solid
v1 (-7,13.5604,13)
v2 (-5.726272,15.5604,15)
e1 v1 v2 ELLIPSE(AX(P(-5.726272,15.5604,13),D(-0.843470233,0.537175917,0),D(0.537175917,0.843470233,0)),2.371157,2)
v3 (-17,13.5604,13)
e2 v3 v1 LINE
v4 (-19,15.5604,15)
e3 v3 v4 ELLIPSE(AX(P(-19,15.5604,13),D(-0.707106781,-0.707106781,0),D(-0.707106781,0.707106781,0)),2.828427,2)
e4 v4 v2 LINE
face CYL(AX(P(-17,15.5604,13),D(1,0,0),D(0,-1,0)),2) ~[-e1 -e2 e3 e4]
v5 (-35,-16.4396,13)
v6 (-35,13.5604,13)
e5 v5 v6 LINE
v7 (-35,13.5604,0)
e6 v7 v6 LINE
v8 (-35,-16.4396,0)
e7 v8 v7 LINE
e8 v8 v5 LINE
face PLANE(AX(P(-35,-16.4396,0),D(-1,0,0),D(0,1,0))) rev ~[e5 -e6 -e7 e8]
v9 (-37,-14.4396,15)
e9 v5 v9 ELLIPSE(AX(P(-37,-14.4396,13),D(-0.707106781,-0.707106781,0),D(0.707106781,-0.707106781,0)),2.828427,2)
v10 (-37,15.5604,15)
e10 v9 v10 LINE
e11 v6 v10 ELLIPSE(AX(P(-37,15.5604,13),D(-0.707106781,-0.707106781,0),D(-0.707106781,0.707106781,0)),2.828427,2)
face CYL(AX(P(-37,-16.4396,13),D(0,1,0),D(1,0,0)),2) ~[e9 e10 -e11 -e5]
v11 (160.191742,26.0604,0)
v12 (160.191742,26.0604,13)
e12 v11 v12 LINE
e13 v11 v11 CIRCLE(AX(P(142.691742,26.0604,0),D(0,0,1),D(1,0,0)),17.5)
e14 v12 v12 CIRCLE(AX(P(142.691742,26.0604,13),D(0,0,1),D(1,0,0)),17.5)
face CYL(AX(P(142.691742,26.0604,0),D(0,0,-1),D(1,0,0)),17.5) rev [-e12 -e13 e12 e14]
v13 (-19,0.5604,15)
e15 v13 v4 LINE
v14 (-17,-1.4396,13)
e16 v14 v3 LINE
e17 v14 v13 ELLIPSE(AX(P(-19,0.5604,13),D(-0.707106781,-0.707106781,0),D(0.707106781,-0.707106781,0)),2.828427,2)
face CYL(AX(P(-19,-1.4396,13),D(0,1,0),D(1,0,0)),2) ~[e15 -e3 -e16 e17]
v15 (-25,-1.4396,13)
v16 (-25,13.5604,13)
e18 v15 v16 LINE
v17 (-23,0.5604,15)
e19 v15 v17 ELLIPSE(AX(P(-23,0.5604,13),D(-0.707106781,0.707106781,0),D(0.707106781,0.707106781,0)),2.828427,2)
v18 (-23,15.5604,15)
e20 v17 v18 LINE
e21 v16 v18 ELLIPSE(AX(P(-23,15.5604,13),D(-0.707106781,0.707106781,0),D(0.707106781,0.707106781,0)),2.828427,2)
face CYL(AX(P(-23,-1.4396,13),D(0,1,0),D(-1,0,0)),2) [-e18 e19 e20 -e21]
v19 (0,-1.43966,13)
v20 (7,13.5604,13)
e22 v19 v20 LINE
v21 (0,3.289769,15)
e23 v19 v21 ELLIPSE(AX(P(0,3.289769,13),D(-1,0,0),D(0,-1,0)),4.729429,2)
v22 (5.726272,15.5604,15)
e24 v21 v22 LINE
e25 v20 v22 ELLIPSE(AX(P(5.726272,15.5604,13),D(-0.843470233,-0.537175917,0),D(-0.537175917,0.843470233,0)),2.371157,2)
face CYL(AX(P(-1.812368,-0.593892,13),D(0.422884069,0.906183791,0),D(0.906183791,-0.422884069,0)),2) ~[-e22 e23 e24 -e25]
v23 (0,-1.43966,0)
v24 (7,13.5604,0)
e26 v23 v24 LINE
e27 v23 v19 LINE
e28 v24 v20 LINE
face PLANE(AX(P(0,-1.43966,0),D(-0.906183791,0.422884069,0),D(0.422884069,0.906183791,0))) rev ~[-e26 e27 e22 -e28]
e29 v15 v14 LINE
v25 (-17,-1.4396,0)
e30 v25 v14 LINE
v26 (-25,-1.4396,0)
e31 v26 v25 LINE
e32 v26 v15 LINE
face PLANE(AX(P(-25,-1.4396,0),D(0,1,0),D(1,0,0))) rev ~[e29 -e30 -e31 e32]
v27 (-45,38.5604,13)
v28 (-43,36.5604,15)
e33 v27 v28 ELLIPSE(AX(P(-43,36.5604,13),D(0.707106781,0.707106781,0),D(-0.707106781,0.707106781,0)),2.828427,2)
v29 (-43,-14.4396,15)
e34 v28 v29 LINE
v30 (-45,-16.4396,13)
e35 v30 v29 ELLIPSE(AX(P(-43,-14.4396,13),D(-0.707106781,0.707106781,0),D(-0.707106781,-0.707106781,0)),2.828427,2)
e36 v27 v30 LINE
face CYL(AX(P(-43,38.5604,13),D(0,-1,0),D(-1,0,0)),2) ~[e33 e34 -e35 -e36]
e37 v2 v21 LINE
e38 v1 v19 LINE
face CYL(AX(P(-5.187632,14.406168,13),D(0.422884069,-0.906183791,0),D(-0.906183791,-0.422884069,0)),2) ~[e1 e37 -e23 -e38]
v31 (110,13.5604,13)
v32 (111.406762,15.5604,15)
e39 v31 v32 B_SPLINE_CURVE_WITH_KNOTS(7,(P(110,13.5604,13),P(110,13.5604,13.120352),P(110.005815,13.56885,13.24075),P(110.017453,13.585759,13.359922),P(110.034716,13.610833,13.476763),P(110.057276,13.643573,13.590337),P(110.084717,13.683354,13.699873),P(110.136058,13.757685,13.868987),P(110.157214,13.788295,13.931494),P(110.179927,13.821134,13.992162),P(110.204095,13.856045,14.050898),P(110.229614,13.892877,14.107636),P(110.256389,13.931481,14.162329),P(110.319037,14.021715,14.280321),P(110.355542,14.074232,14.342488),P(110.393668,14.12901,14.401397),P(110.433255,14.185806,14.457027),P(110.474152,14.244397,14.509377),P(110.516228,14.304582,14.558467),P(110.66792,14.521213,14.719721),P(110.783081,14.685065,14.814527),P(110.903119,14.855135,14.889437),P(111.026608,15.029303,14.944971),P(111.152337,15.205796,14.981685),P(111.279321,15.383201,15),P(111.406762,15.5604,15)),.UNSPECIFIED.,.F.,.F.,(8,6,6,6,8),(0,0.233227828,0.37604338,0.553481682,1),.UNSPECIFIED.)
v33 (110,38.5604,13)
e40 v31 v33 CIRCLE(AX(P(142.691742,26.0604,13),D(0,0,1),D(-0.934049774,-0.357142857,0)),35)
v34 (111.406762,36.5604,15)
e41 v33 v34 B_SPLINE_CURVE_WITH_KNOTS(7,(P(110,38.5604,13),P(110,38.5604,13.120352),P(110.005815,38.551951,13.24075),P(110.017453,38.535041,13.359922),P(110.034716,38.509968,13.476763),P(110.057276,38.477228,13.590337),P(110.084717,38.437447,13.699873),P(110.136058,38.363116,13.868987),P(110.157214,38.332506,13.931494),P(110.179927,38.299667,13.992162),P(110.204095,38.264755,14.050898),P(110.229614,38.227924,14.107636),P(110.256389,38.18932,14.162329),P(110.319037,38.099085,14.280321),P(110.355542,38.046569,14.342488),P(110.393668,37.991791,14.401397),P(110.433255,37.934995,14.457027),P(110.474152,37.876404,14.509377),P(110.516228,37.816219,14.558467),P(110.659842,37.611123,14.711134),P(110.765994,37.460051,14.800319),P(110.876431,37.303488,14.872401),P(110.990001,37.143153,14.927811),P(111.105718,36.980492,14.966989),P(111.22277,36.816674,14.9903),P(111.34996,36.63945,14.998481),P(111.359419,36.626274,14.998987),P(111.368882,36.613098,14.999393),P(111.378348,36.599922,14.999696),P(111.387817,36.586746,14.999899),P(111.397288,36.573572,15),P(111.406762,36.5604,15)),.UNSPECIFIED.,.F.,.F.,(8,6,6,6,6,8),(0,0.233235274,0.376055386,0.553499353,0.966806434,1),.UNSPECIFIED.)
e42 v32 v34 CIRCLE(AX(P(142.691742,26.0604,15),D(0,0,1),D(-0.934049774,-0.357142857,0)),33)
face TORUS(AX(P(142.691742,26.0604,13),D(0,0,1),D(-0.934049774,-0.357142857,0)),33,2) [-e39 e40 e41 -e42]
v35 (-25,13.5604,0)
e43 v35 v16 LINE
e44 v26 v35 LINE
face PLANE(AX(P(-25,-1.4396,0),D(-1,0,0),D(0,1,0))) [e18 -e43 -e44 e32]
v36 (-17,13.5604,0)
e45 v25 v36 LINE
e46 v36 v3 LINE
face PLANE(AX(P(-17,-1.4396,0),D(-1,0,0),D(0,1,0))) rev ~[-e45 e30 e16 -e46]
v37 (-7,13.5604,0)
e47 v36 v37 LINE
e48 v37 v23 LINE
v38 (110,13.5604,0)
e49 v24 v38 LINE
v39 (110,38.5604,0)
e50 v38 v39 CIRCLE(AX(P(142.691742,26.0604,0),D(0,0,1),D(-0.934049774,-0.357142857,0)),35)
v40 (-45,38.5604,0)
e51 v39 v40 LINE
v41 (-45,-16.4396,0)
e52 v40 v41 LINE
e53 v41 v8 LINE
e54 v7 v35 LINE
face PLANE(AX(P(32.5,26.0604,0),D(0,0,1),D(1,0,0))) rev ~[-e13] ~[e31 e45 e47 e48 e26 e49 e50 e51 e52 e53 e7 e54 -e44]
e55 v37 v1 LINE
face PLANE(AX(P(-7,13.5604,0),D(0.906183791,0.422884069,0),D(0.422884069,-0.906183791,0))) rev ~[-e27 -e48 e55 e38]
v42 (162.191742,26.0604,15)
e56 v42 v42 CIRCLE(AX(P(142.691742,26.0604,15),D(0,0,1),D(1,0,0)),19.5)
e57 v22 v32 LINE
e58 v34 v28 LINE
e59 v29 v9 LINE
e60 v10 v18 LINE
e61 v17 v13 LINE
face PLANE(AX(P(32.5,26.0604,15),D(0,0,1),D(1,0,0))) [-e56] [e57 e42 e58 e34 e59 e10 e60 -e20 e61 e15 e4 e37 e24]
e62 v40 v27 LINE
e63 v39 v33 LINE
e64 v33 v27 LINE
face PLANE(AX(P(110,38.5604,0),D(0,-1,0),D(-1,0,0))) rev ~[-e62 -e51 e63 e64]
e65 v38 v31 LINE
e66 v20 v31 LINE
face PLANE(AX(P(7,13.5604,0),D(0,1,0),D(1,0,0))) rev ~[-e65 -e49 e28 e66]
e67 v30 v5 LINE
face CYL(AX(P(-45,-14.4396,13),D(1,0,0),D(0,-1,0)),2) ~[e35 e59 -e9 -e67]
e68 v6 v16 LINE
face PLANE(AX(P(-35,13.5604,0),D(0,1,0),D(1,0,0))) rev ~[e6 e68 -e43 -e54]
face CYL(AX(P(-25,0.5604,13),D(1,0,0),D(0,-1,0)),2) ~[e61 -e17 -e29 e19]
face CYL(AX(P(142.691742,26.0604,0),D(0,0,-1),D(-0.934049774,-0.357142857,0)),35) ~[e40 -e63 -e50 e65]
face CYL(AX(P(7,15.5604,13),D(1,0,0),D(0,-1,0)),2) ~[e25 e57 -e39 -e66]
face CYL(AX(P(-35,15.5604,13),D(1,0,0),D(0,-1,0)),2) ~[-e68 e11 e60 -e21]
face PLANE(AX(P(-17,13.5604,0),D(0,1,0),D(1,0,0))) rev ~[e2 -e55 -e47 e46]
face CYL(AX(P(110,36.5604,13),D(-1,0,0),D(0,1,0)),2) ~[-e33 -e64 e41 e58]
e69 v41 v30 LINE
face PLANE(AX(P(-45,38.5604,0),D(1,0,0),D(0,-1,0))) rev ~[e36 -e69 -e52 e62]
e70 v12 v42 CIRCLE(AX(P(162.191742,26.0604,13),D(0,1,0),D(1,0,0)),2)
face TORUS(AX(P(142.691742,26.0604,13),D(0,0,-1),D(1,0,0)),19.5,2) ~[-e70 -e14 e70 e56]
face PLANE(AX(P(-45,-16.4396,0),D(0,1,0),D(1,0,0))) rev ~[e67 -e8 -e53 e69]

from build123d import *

# Parameters (mm, degrees)
F0_W     = 8
F0_H     = 15
F0_W_2   = 10
F0_H_2   = 30
F0_R     = 17.5
F1_DEPTH = 15
F2_R     = 2


with BuildPart() as f1:
    # F0 (on Top) → F1 (new body)
    with BuildSketch(Plane.XY):
        Polygon((110, 38.5604002979), (-45, 38.5604002979), (-45, 13.5604002979), (-35, 13.5604002979), (-25, 13.5604002979), (-17, 13.5604002979), (-7, 13.5604002979), (0, 13.5604002979), (7, 13.5604002979), (110, 13.5604002979), align=None)
        with Locations((-21, 6.0604002979)):
            Rectangle(F0_W, F0_H)
        with Locations((-40, -1.4395997021)):
            Rectangle(F0_W_2, F0_H_2)
        Polygon((0, -1.439660002), (0, 13.5604002979), (-7, 13.5604002979), align=None)
        Polygon((0, -1.439660002), (7, 13.5604002979), (0, 13.5604002979), align=None)
        with BuildLine():
            ThreePointArc((110, 13.5604002979), (177.6917420766, 26.0604002979), (110, 38.5604002979))
            Line((110, 38.5604002979), (110, 13.5604002979))
        make_face()
        with Locations((142.6917420766, 26.0604002979)):
            Circle(F0_R, mode=Mode.SUBTRACT)
    extrude(amount=F1_DEPTH)

    # F2
    f2_edges = [f1.edges().sort_by_distance(p)[0] for p in [
        (32.5, 38.5604, 15),
        (-45, 11.0604, 15),
        (-40, -16.4396, 15),
        (-35, -1.4396, 15),
        (-30, 13.5604, 15),
        (-25, 6.0604, 15),
        (-21, -1.4396, 15),
        (-17, 6.0604, 15),
        (-12, 13.5604, 15),
        (-3.5, 6.06037, 15),
        (3.5, 6.06037, 15),
        (58.5, 13.5604, 15),
        (177.691742, 26.0604, 15),
        (125.191742, 26.0604, 15),
    ]]
    fillet(f2_edges, radius=F2_R)


solid = f1.part
